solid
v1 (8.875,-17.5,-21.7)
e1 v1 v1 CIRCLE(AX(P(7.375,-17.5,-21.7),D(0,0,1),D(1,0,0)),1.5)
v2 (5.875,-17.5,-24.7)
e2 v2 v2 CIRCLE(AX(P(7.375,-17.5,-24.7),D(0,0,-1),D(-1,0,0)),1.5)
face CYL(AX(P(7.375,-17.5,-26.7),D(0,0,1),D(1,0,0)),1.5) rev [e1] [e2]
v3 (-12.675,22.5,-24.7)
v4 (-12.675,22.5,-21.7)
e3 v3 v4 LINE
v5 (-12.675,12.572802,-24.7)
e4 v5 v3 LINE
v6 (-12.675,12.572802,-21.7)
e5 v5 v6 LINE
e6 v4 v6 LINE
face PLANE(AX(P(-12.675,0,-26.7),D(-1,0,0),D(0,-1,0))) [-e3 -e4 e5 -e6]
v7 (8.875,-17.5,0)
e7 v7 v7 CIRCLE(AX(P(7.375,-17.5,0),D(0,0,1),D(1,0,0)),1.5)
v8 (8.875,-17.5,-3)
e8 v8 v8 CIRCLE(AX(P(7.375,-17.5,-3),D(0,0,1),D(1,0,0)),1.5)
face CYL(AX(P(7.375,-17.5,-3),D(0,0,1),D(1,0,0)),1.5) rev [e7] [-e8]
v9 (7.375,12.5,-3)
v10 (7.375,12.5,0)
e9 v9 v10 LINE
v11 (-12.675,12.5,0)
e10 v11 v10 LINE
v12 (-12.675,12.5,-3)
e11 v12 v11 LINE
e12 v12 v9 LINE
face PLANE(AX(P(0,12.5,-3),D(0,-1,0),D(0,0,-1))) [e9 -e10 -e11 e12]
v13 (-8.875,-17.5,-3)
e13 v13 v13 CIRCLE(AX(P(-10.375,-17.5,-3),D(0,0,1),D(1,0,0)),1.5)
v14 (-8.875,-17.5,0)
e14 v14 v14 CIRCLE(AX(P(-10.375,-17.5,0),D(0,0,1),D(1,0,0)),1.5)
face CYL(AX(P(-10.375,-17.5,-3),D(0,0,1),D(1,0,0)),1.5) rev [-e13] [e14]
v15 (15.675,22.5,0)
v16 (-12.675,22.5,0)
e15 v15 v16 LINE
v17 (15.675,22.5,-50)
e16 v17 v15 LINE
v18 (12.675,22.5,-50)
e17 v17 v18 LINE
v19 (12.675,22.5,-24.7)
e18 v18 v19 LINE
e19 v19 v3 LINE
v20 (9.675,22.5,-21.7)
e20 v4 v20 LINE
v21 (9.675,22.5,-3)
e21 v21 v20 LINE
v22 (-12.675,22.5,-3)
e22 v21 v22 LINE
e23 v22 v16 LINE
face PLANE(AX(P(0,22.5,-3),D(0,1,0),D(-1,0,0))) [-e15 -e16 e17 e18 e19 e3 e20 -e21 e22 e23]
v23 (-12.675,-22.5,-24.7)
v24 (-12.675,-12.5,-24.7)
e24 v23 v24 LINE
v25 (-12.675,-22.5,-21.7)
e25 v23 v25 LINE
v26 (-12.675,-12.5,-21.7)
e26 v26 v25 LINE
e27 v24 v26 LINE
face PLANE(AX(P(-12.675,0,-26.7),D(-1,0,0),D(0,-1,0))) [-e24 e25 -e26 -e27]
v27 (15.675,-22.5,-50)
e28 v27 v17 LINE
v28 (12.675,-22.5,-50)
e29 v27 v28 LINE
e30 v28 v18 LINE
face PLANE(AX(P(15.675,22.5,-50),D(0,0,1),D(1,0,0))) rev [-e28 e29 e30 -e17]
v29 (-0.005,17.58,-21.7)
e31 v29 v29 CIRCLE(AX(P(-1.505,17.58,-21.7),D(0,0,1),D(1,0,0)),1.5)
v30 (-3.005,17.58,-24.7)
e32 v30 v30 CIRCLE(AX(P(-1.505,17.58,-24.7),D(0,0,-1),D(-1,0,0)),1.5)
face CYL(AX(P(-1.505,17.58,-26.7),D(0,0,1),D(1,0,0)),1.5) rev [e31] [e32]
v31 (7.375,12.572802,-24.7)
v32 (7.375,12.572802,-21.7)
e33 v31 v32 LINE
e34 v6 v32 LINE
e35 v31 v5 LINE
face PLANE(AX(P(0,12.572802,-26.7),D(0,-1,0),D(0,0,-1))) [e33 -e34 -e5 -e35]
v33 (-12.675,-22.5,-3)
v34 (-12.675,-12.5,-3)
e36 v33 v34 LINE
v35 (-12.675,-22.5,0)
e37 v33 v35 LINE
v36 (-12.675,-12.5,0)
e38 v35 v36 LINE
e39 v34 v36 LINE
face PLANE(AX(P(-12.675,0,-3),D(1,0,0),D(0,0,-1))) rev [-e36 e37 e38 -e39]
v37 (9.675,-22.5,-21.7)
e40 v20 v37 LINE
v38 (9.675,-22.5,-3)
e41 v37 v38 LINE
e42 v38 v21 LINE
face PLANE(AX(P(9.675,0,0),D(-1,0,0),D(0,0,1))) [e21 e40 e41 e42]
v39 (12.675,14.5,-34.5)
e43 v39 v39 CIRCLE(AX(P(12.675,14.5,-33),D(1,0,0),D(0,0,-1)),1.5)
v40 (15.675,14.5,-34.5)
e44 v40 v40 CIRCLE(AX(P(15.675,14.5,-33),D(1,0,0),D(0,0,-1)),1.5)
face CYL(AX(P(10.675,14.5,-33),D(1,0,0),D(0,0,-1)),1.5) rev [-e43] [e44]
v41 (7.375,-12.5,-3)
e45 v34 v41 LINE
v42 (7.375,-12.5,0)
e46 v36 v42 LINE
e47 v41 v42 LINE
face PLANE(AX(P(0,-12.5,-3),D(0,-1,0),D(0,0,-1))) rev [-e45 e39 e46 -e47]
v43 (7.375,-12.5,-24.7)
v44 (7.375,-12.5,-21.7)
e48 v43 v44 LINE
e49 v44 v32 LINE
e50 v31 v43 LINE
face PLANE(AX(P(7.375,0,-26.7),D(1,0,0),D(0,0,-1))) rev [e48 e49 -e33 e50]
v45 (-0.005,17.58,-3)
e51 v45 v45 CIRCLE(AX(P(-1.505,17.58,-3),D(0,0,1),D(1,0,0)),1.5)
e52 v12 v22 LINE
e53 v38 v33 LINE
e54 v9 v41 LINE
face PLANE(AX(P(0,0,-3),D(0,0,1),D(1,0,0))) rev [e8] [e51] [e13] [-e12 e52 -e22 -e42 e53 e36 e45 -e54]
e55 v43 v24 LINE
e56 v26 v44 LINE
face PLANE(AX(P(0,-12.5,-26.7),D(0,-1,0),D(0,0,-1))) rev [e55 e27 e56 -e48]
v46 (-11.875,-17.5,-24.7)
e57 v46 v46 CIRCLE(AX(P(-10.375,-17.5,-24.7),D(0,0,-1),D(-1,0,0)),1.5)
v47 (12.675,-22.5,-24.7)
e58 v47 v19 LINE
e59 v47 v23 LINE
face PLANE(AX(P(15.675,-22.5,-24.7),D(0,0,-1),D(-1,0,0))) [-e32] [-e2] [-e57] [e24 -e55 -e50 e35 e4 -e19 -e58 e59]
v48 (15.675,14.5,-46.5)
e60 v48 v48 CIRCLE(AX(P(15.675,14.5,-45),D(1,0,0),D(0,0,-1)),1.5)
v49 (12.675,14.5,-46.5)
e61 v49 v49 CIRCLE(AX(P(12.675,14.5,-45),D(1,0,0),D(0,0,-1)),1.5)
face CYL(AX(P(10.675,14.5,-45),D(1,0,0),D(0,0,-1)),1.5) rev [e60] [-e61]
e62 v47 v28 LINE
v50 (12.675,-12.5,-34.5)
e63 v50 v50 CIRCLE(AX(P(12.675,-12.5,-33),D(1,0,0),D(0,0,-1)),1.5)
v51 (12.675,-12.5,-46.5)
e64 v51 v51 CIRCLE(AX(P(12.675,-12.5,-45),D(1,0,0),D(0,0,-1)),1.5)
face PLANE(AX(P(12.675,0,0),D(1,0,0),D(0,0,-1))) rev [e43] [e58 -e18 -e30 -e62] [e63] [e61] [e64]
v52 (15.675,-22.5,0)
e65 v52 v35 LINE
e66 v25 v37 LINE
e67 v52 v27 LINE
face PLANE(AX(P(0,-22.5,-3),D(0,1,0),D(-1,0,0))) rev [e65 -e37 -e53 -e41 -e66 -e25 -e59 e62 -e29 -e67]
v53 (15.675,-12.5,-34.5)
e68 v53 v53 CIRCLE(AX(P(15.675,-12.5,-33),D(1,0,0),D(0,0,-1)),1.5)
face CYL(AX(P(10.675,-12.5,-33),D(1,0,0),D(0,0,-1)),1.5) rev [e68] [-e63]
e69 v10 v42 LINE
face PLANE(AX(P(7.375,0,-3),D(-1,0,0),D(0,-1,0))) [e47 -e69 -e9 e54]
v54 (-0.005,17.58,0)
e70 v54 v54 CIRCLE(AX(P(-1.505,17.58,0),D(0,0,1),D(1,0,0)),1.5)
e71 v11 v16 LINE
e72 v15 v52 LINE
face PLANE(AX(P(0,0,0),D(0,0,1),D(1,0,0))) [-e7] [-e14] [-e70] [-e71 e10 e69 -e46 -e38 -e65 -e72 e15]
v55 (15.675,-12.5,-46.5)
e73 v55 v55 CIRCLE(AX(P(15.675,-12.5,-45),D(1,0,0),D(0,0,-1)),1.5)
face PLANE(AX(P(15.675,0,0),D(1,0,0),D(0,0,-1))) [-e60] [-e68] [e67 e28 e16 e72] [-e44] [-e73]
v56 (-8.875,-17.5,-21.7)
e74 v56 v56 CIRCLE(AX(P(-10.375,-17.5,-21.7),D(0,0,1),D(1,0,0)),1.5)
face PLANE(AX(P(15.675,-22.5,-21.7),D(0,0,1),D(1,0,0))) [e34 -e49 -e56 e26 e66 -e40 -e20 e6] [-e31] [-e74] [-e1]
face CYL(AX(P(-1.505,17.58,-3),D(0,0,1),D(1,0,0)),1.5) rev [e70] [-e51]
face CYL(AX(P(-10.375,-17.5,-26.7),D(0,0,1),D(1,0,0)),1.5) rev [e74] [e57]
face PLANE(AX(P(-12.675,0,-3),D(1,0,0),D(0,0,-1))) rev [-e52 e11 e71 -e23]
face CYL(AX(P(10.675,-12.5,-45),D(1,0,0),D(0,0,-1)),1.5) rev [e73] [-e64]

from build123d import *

# Parameters (mm, degrees)
SKETCH2_W           = 5.3
SKETCH2_H           = 25
SKETCH2_R           = 1.5
BOSS_EXTRUDE1_DEPTH = 3
SKETCH3_W           = 50
SKETCH3_H           = 45
BOSS_EXTRUDE2_DEPTH = 3
SKETCH7_W           = 38.35
SKETCH7_H           = 3
BOSS_EXTRUDE3_DEPTH = 45
CUT_EXTRUDE1_DEPTH  = 5
SKETCH8_3_R         = 1.5
CUT_EXTRUDE2_DEPTH  = 5
SKETCH11_R          = 1.5
CUT_EXTRUDE4_DEPTH  = 5
SKETCH12_W          = 18.7
SKETCH12_H          = 45
BOSS_EXTRUDE4_DEPTH = 3


with BuildPart() as part:
    # Sketch2 → Boss-Extrude1 (new body)
    # profile 1 of 3: a face of its own
    with BuildSketch(Plane.XY):
        with Locations((10.025, 0)):
            Rectangle(SKETCH2_W, SKETCH2_H)
    # profile 2 of 3: a face of its own
    with BuildSketch(Plane.XY):
        Polygon((7.375, 12.5), (12.675, 12.5), (12.675, 22.5), (-12.675, 22.5), (-12.675, 12.5), align=None)
        with Locations((-1.505, 17.58)):
            Circle(SKETCH2_R, mode=Mode.SUBTRACT)
    # profile 3 of 3: a face of its own
    with BuildSketch(Plane.XY):
        Polygon((-12.675, -22.5), (12.675, -22.5), (12.675, -12.5), (7.375, -12.5), (-12.675, -12.5), align=None)
        with Locations((-10.375, -17.5)):
            Circle(SKETCH2_R, mode=Mode.SUBTRACT)
        with Locations((7.375, -17.5)):
            Circle(SKETCH2_R, mode=Mode.SUBTRACT)
    extrude(amount=-BOSS_EXTRUDE1_DEPTH)

    # Sketch3 → Boss-Extrude2 (add)
    with BuildSketch(Plane(origin=(12.675, 0, 0), x_dir=(0, 0, -1), z_dir=(1, 0, 0))):
        with Locations((25, 0)):
            Rectangle(SKETCH3_W, SKETCH3_H)
    extrude(amount=BOSS_EXTRUDE2_DEPTH)

    # Sketch7 → Boss-Extrude3 (add)
    with BuildSketch(Plane(origin=(0, 22.5, 0), x_dir=(1, 0, 0), z_dir=(0, 1, 0))):
        with Locations((-3.5, 23.2)):
            Rectangle(SKETCH7_W, SKETCH7_H)
    extrude(amount=-BOSS_EXTRUDE3_DEPTH)

    # Sketch8 → Cut-Extrude1 (cut)
    with BuildSketch(Plane.XY.offset(-21.7)):
        Polygon((-12.675, 12.572802409), (-12.675, 22.5), (-22.675, 22.5), (-22.675, -22.5), (-12.675, -22.5), (-12.675, -12.5), (7.375, -12.5), (7.375, 12.572802409), align=None)
    extrude(amount=-CUT_EXTRUDE1_DEPTH, mode=Mode.SUBTRACT)

    # Sketch8<3> → Cut-Extrude2 (cut)
    with BuildSketch(Plane.XY.offset(-21.7)):
        with Locations((-1.505, 17.58)):
            Circle(SKETCH8_3_R)
        with Locations((-10.375, -17.5)):
            Circle(SKETCH8_3_R)
        with Locations((7.375, -17.5)):
            Circle(SKETCH8_3_R)
    extrude(amount=-CUT_EXTRUDE2_DEPTH, mode=Mode.SUBTRACT)

    # Sketch11 → Cut-Extrude4 (cut)
    with BuildSketch(Plane(origin=(15.675, 0, 0), x_dir=(0, 0, -1), z_dir=(1, 0, 0))):
        with Locations((33, 14.5)):
            Circle(SKETCH11_R)
        with Locations((45, 14.5)):
            Circle(SKETCH11_R)
        with Locations((33, -12.5)):
            Circle(SKETCH11_R)
        with Locations((45, -12.5)):
            Circle(SKETCH11_R)
    extrude(amount=-CUT_EXTRUDE4_DEPTH, mode=Mode.SUBTRACT)

    # Sketch12 → Boss-Extrude4 (add)
    with BuildSketch(Plane.ZY.offset(-12.675)):
        with Locations((-12.35, 0)):
            Rectangle(SKETCH12_W, SKETCH12_H)
    extrude(amount=BOSS_EXTRUDE4_DEPTH)


solid = part.part
